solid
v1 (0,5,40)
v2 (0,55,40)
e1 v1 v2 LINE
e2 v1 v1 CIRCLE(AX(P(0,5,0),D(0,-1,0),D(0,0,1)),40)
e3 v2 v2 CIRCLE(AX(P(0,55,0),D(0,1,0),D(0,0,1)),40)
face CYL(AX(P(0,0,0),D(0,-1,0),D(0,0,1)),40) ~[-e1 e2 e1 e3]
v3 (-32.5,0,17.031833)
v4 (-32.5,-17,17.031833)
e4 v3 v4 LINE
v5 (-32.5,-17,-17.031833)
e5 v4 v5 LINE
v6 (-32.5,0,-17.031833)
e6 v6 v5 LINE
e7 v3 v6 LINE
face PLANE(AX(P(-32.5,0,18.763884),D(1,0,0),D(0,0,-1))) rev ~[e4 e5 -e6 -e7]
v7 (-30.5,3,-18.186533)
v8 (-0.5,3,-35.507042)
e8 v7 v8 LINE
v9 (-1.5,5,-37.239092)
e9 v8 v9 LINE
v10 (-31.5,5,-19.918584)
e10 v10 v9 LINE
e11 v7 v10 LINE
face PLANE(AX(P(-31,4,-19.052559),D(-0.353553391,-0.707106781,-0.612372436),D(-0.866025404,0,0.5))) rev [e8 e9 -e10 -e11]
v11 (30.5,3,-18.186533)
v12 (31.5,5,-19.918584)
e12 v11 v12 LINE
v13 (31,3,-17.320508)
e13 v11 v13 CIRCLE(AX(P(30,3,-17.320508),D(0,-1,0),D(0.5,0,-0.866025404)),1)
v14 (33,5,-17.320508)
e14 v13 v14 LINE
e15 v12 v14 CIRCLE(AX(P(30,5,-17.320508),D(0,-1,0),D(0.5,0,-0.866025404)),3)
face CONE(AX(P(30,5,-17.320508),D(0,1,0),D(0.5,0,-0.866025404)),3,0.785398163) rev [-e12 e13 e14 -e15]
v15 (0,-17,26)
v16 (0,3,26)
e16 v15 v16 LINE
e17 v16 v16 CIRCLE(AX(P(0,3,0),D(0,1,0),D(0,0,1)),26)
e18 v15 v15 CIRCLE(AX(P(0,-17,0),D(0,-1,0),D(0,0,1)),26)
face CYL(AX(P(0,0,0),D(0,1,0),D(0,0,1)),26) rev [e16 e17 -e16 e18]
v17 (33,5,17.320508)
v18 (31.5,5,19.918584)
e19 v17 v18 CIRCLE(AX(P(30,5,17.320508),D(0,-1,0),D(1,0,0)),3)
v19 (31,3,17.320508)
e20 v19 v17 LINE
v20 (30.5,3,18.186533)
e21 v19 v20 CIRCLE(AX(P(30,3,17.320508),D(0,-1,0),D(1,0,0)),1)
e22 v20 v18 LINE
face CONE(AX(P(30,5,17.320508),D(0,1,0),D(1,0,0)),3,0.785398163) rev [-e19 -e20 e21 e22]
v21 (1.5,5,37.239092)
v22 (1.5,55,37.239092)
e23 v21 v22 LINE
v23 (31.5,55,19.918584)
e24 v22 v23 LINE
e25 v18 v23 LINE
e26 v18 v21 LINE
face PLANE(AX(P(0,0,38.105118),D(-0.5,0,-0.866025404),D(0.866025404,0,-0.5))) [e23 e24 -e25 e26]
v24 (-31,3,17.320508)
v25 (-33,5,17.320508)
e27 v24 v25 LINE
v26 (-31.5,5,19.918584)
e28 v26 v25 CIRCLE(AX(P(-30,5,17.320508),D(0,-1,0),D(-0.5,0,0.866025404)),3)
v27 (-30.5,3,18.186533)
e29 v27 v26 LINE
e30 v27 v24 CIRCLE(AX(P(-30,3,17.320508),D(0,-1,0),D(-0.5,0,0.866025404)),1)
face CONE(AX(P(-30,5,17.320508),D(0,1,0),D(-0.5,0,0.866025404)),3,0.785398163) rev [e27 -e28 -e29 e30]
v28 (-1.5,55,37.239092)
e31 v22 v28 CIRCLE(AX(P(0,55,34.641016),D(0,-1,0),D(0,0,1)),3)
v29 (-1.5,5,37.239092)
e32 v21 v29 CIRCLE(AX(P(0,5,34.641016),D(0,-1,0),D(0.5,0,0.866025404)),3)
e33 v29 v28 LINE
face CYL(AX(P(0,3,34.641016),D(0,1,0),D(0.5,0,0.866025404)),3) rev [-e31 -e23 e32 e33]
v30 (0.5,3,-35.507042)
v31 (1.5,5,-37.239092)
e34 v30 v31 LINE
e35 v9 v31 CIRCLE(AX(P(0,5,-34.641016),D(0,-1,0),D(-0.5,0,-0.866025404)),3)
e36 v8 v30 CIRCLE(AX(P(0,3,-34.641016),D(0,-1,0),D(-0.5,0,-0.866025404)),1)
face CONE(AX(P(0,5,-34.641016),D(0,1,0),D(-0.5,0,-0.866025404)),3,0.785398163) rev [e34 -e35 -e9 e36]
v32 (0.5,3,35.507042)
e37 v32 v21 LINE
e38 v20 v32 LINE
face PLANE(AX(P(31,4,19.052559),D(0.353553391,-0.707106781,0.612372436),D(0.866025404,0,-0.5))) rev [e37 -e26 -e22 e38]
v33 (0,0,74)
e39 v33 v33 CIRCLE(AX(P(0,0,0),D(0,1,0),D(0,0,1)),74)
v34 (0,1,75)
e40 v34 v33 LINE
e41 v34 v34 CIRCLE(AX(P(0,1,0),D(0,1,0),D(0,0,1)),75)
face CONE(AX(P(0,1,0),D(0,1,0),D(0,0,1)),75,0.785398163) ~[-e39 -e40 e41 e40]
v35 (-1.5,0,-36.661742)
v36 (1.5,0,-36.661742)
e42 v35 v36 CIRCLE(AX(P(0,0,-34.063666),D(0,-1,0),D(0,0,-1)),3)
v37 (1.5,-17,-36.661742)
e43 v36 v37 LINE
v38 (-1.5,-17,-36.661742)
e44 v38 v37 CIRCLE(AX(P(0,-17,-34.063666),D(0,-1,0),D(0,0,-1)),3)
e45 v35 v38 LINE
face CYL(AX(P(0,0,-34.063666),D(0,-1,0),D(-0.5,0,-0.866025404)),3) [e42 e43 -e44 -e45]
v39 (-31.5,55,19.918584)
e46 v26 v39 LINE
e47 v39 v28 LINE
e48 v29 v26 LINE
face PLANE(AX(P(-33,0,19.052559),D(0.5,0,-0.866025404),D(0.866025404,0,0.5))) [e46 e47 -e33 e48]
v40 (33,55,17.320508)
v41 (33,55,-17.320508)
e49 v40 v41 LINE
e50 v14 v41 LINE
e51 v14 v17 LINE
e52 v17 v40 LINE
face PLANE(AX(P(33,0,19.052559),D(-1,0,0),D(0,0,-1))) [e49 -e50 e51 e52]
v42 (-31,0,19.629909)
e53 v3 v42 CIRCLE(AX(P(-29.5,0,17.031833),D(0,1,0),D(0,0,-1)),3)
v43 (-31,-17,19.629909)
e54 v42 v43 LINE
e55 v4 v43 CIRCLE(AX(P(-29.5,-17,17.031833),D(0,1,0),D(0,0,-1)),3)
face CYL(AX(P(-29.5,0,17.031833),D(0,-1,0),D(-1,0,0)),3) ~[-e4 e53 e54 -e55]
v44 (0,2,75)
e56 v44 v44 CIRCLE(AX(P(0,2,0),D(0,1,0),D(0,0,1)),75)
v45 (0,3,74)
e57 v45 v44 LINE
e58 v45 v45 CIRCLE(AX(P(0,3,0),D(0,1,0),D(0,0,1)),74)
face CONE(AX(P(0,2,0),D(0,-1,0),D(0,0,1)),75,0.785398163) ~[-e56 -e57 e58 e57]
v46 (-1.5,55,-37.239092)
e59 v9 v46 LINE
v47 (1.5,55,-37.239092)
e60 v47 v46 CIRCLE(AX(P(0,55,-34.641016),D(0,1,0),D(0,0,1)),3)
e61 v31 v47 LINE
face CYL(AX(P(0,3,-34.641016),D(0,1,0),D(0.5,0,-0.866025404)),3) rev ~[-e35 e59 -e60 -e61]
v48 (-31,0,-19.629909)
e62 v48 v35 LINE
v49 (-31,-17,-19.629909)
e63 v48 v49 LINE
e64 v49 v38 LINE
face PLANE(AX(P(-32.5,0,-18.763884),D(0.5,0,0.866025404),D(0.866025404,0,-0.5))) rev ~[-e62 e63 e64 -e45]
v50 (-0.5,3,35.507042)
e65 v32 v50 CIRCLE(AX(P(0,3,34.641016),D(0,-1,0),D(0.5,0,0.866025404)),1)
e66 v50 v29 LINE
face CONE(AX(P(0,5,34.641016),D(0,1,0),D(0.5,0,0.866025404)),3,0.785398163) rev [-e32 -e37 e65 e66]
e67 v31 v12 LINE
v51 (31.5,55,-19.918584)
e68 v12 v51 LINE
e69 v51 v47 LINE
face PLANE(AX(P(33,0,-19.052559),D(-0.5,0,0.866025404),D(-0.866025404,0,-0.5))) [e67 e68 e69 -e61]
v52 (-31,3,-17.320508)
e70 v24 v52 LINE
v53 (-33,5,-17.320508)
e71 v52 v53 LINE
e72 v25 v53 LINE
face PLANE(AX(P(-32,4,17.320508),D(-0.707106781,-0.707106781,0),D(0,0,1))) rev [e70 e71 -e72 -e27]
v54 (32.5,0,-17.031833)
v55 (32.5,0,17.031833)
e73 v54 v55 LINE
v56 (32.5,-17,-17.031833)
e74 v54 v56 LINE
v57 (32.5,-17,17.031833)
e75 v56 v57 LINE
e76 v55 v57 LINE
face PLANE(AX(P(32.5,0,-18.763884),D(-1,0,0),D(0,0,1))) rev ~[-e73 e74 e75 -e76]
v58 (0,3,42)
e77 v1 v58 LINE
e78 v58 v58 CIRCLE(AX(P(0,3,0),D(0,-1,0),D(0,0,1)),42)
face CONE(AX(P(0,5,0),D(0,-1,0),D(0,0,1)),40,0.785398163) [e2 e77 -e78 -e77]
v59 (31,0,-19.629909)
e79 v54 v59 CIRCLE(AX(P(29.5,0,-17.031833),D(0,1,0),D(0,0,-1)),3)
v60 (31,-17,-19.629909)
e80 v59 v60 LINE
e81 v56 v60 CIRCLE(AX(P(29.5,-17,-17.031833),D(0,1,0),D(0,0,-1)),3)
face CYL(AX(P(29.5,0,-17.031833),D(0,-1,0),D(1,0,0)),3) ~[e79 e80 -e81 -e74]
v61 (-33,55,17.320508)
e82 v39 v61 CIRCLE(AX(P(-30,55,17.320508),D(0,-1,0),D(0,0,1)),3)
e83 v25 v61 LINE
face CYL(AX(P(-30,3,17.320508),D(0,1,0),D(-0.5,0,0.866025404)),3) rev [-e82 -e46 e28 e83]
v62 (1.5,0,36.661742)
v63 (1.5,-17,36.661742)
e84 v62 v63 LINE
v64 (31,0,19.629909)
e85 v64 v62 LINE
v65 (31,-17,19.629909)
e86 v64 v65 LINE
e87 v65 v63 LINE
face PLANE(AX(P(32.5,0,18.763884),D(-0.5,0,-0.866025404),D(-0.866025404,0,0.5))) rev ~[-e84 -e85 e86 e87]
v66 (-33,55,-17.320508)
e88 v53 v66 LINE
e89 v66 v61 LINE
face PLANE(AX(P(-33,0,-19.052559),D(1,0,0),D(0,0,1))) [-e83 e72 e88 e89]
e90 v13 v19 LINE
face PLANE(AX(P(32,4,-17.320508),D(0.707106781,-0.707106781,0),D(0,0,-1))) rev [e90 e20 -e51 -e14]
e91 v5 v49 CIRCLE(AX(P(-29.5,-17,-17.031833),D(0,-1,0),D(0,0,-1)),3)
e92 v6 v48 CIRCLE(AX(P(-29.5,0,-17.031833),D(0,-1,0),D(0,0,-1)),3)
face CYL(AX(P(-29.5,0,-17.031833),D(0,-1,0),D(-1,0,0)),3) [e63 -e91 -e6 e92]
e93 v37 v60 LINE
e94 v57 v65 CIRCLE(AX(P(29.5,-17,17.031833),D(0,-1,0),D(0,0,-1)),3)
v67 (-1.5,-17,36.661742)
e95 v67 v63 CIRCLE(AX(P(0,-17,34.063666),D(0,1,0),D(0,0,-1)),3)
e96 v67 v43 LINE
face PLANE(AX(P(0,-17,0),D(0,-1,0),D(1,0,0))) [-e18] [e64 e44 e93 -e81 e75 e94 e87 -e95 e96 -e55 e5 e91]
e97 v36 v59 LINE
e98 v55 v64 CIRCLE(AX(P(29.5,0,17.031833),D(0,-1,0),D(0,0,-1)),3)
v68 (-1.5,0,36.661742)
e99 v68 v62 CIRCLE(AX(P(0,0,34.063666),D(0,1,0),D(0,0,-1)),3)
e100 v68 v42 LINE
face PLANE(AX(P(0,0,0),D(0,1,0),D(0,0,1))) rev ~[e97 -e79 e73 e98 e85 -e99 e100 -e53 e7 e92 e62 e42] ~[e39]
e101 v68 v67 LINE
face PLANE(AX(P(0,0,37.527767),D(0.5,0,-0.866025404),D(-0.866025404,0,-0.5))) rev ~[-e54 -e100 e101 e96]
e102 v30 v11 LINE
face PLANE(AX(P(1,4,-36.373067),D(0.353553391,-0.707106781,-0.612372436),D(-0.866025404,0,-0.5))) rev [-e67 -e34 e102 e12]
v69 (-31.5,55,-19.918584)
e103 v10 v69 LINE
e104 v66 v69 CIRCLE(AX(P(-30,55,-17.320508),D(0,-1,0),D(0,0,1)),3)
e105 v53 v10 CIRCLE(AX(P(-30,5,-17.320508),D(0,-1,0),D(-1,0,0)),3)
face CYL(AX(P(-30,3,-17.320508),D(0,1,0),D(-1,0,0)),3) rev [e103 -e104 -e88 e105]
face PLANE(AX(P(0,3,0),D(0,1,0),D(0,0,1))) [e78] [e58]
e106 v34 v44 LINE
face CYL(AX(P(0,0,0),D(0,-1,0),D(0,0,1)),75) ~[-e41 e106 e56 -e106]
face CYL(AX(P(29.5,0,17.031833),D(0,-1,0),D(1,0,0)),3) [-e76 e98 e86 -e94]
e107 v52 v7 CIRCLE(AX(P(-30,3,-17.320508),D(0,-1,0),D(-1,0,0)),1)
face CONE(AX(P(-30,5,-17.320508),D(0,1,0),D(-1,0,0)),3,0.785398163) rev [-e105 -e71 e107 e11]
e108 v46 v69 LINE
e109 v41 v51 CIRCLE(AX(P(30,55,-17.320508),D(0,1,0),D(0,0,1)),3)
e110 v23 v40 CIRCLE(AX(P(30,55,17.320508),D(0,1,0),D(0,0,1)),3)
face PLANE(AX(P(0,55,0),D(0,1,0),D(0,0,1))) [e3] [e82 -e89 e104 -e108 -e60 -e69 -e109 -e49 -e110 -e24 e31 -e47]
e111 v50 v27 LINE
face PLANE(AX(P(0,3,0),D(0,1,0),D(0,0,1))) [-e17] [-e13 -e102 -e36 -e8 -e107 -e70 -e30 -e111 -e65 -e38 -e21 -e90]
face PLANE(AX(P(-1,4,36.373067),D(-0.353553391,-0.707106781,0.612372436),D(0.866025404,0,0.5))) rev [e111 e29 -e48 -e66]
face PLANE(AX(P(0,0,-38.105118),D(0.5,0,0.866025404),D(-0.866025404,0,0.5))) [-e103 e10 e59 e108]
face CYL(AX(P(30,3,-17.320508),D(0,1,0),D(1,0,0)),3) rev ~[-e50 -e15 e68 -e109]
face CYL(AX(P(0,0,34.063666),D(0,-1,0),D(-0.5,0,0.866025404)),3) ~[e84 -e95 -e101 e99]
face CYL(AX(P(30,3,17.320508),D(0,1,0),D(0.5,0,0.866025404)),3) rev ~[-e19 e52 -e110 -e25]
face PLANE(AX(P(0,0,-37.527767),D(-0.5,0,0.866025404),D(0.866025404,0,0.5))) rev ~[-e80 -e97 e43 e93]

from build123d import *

# Parameters (mm, degrees)
SKETCH1_R           = 75
BOSS_EXTRUDE1_DEPTH = 3
SKETCH1_3_R         = 40
BOSS_EXTRUDE2_DEPTH = 55
SKETCH2_R           = 26
CUT_EXTRUDE1_DEPTH  = 119.127050247
FILLET1_R           = 3
CHAMFER2_SIZE       = 2
CHAMFER3_SIZE       = 2
CHAMFER4_SIZE       = 1
SKETCH3_R           = 26
BOSS_EXTRUDE3_DEPTH = 17
FILLET3_R           = 3


with BuildPart() as part:
    # Sketch1 → Boss-Extrude1 (new body)
    with BuildSketch(Plane(origin=(0, 0, 0), x_dir=(1, 0, 0), z_dir=(0, 1, 0))):
        Circle(SKETCH1_R)
    extrude(amount=BOSS_EXTRUDE1_DEPTH)

    # Sketch1<3> → Boss-Extrude2 (add)
    with BuildSketch(Plane(origin=(0, 0, 0), x_dir=(1, 0, 0), z_dir=(0, 1, 0))):
        Circle(SKETCH1_3_R)
        Polygon((33, 19.052558883), (33, -19.052558883), (0, -38.105117767), (-33, -19.052558883), (-33, 19.052558883), (0, 38.105117767), align=None, mode=Mode.SUBTRACT)
    extrude(amount=BOSS_EXTRUDE2_DEPTH)

    # Sketch2 → Cut-Extrude1 (cut, through all)
    with BuildSketch(Plane(origin=(0, 3, 0), x_dir=(1, 0, 0), z_dir=(0, 1, 0))):
        Circle(SKETCH2_R)
    extrude(amount=-CUT_EXTRUDE1_DEPTH, mode=Mode.SUBTRACT)

    # Fillet1
    fillet1_edges = [part.edges().sort_by_distance(p)[0] for p in [
        (33, 29, 19.052558883),
        (0, 29, 38.105117767),
        (-33, 29, 19.052558883),
        (-33, 29, -19.052558883),
        (0, 29, -38.105117767),
        (33, 29, -19.052558883),
    ]]
    fillet(fillet1_edges, radius=FILLET1_R)

    # Chamfer2
    chamfer2_edges = [part.edges().sort_by_distance(p)[0] for p in [
        (-16.5, 3, -28.578838325),
        (0, 3, -37.641016151),
        (-32.598076211, 3, -18.820508076),
        (16.5, 3, -28.578838325),
        (-33, 3, 0),
        (32.598076211, 3, -18.820508076),
        (-32.598076211, 3, 18.820508076),
        (33, 3, 0),
        (-16.5, 3, 28.578838325),
        (32.598076211, 3, 18.820508076),
        (0, 3, 37.641016151),
        (16.5, 3, 28.578838325),
    ]]
    chamfer(chamfer2_edges, length=CHAMFER2_SIZE)

    # Chamfer3
    chamfer3_edges = [part.edges().sort_by_distance(p)[0] for p in [
        (-40, 3, 0),
    ]]
    chamfer(chamfer3_edges, length=CHAMFER3_SIZE)

    # Chamfer4
    chamfer4_edges = [part.edges().sort_by_distance(p)[0] for p in [
        (-75, 3, 0),
        (-75, 0, 0),
    ]]
    chamfer(chamfer4_edges, length=CHAMFER4_SIZE)

    # Sketch3 → Boss-Extrude3 (add)
    with BuildSketch(Plane.XZ):
        Polygon((32.5, -18.763883749), (32.5, 18.763883749), (0, 37.527767497), (-32.5, 18.763883749), (-32.5, -18.763883749), (0, -37.527767497), align=None)
        Circle(SKETCH3_R, mode=Mode.SUBTRACT)
    extrude(amount=BOSS_EXTRUDE3_DEPTH)

    # Fillet3
    fillet3_edges = [part.edges().sort_by_distance(p)[0] for p in [
        (32.5, -8.5, -18.763883749),
        (32.5, -8.5, 18.763883749),
        (0, -8.5, 37.527767497),
        (-32.5, -8.5, 18.763883749),
        (-32.5, -8.5, -18.763883749),
        (0, -8.5, -37.527767497),
    ]]
    fillet(fillet3_edges, radius=FILLET3_R)


solid = part.part
